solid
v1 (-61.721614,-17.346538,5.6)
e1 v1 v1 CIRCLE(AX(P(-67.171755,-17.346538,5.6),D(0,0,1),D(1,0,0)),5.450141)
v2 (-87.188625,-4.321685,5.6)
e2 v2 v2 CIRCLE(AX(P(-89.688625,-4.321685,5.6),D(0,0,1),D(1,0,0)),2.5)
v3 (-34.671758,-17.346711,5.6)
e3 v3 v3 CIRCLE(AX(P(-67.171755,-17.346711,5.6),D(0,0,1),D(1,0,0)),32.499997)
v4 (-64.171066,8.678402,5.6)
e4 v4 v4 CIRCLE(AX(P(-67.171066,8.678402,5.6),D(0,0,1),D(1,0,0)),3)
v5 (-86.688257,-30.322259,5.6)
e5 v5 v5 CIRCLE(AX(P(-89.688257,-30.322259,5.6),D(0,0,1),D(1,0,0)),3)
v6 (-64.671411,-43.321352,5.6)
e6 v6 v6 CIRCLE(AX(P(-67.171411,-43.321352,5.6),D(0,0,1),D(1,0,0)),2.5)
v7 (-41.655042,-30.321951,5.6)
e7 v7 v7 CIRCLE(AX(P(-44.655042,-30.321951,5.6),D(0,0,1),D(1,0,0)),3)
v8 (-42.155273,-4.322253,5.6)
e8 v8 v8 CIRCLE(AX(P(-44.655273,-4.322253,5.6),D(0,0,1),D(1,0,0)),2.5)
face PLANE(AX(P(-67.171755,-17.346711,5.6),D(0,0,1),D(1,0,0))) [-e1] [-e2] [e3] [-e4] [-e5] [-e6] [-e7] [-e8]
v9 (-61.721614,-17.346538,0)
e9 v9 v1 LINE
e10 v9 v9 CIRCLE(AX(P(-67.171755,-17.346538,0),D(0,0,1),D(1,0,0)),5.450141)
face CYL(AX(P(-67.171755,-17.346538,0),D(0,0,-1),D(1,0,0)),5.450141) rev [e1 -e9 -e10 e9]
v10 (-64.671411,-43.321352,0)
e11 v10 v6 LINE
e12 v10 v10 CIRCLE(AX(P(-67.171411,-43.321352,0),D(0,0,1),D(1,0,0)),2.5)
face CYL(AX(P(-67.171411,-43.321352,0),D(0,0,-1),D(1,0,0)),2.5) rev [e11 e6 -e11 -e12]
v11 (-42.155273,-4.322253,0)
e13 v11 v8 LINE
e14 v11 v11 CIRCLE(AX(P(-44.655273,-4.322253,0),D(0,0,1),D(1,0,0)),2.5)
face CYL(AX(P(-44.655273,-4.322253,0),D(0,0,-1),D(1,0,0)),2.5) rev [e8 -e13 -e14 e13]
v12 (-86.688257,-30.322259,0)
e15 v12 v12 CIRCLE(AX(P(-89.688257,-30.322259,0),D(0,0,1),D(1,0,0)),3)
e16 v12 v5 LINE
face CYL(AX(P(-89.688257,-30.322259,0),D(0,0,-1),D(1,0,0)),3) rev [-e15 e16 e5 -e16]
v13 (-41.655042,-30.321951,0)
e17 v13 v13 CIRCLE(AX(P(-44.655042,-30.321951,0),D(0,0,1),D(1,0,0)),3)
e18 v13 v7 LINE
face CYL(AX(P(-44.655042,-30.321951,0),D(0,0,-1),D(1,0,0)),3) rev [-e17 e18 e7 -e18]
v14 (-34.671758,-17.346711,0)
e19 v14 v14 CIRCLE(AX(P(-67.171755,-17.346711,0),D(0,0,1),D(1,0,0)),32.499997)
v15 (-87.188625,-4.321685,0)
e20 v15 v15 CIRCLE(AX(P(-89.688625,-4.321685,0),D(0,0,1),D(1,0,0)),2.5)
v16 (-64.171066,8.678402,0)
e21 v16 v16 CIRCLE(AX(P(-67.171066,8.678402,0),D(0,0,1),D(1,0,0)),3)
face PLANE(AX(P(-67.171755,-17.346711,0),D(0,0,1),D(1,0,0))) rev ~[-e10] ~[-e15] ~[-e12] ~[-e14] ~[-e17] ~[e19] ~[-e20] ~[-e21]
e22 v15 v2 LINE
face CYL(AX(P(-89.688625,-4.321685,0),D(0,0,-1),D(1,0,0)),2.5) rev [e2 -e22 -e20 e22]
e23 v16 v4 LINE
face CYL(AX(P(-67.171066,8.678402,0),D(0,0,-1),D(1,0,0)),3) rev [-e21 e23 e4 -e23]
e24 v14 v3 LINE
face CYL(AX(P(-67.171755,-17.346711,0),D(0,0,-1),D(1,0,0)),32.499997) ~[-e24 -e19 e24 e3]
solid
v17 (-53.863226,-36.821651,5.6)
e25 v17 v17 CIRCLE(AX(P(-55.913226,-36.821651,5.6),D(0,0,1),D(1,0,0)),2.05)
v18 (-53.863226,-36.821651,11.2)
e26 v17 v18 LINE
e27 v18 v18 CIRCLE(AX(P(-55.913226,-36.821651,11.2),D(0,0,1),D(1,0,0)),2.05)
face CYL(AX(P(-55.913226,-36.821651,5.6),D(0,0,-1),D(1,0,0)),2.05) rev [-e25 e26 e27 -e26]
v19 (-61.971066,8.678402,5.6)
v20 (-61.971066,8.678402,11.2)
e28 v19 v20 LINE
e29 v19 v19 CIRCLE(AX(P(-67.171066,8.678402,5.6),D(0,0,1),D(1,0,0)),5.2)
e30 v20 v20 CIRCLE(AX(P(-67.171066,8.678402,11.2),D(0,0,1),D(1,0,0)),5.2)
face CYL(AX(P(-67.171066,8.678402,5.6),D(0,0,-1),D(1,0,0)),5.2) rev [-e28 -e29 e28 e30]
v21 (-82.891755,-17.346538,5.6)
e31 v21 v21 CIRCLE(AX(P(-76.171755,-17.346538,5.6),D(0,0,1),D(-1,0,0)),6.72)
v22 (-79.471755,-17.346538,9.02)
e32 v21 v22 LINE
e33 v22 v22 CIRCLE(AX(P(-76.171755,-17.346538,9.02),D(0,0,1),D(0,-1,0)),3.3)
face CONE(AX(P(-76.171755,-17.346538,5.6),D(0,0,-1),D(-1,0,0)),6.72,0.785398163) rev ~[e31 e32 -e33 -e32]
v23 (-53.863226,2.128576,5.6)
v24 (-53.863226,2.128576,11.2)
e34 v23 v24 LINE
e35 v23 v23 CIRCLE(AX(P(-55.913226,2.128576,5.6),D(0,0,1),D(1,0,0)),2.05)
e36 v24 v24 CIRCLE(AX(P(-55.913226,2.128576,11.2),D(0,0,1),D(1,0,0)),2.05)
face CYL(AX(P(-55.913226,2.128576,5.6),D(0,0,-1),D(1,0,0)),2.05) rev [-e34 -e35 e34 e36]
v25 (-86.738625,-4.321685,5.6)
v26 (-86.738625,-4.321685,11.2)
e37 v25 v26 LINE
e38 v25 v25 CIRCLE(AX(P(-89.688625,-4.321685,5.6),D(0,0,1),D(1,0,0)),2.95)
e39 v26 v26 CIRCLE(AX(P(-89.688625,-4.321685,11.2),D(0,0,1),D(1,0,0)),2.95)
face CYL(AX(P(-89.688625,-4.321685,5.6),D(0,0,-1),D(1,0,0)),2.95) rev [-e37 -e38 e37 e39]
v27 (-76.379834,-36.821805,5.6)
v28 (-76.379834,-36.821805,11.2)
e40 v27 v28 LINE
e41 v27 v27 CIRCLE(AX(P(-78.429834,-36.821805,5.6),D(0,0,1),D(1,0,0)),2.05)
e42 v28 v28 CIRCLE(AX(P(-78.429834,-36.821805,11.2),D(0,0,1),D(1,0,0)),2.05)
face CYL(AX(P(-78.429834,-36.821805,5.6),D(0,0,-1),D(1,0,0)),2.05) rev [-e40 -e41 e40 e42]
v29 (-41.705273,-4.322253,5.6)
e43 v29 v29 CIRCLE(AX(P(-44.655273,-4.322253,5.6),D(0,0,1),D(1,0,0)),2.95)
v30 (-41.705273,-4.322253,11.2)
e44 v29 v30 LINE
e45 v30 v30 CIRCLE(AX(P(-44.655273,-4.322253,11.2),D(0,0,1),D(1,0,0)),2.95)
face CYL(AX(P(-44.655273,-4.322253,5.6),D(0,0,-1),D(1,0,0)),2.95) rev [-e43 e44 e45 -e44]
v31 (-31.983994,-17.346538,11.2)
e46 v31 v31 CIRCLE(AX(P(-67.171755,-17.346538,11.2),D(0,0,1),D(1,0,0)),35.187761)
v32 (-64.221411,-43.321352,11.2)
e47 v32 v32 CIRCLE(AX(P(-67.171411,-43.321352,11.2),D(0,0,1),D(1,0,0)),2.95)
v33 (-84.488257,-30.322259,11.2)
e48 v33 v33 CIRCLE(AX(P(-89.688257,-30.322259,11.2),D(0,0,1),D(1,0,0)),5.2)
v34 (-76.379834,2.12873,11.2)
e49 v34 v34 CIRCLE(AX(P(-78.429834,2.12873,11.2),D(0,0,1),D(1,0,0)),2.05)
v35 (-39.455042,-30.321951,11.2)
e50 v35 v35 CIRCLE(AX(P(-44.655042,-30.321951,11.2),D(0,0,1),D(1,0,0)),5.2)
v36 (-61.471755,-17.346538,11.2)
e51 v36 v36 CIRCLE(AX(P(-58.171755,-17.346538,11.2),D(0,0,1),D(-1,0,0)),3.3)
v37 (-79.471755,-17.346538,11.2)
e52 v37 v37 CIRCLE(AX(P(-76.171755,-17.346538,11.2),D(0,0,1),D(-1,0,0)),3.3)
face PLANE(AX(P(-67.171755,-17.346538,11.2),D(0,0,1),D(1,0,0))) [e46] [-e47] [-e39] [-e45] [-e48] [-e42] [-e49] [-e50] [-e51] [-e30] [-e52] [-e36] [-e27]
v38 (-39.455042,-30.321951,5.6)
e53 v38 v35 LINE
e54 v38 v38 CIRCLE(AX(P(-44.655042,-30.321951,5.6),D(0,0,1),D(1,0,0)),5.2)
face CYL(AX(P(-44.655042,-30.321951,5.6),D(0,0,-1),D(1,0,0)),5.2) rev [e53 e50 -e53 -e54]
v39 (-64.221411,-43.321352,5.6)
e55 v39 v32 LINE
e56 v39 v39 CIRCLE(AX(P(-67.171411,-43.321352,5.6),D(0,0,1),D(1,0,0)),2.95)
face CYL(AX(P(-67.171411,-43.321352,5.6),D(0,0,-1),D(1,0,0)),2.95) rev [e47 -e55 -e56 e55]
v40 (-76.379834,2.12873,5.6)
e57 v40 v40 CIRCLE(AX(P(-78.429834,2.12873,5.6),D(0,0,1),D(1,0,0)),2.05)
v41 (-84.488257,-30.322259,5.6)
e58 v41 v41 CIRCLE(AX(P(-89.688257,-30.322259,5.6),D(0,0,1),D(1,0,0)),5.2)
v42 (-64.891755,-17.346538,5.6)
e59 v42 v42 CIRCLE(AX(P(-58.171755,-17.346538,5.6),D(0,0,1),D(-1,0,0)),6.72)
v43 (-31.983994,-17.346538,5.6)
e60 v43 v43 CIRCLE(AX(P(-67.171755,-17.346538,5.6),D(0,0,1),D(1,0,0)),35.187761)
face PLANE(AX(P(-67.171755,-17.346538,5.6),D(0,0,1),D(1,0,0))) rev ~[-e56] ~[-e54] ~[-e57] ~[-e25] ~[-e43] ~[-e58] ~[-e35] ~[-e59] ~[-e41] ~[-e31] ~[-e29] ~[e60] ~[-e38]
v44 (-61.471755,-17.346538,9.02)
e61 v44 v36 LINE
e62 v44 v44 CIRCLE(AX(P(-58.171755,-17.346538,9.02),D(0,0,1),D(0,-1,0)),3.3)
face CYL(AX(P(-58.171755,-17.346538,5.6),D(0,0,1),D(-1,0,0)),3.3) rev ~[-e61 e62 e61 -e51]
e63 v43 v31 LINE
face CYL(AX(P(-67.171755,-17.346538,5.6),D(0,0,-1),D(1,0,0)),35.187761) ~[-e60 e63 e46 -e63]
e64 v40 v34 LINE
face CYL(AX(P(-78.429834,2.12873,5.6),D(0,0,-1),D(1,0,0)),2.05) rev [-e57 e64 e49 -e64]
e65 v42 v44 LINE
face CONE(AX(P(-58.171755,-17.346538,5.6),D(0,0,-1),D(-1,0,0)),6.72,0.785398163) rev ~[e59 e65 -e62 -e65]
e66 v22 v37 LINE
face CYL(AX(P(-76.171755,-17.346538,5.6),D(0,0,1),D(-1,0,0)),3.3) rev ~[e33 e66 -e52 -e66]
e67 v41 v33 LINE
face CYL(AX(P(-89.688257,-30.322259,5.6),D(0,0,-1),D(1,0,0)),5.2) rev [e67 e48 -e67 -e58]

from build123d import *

# Parameters (mm, degrees)
F0_R           = 32.499997
F0_R_2         = 3
F0_R_3         = 2.5
F0_R_4         = 5.450141
F1_DEPTH       = 5.6
F2_R           = 35.1877607124
F2_R_2         = 2.05
F2_R_3         = 5.2
F2_R_4         = 2.95
F3_DEPTH       = 5.6
F5_D           = 6.6
F5_CSINK_D     = 13.44
F5_CSINK_ANGLE = 90


with BuildPart() as f1:
    # F0 (on Top) → F1 (new body)
    with BuildSketch(Plane.XY):
        with Locations((-67.1717547521, -17.3467109513)):
            Circle(F0_R)
        with Locations((-89.6882567521, -30.3222589513)):
            Circle(F0_R_2, mode=Mode.SUBTRACT)
        with Locations((-67.1714107521, -43.3213519513)):
            Circle(F0_R_3, mode=Mode.SUBTRACT)
        with Locations((-44.6550417521, -30.3219509513)):
            Circle(F0_R_2, mode=Mode.SUBTRACT)
        with Locations((-89.6886247521, -4.3216849513)):
            Circle(F0_R_3, mode=Mode.SUBTRACT)
        with Locations((-67.1717547521, -17.3465379513)):
            Circle(F0_R_4, mode=Mode.SUBTRACT)
        with Locations((-44.6552727521, -4.3222529513)):
            Circle(F0_R_3, mode=Mode.SUBTRACT)
        with Locations((-67.1710657521, 8.6784020487)):
            Circle(F0_R_2, mode=Mode.SUBTRACT)
    extrude(amount=F1_DEPTH)


with BuildPart() as f3:
    # F2 (on face) → F3 (new body)
    with BuildSketch(Plane.XY.offset(5.6)):
        with Locations((-67.1717547521, -17.3465379513)):
            Circle(F2_R)
        with Locations((-78.4298337521, -36.8218054513)):
            Circle(F2_R_2, mode=Mode.SUBTRACT)
        with Locations((-89.6882567521, -30.3222589513)):
            Circle(F2_R_3, mode=Mode.SUBTRACT)
        with Locations((-67.1714107521, -43.3213519513)):
            Circle(F2_R_4, mode=Mode.SUBTRACT)
        with Locations((-55.9132262521, -36.8216514513)):
            Circle(F2_R_2, mode=Mode.SUBTRACT)
        with Locations((-44.6550417521, -30.3219509513)):
            Circle(F2_R_3, mode=Mode.SUBTRACT)
        with Locations((-89.6886247521, -4.3216849513)):
            Circle(F2_R_4, mode=Mode.SUBTRACT)
        with Locations((-78.4298337521, 2.1287295487)):
            Circle(F2_R_2, mode=Mode.SUBTRACT)
        with Locations((-44.6552727521, -4.3222529513)):
            Circle(F2_R_4, mode=Mode.SUBTRACT)
        with Locations((-67.1710657521, 8.6784020487)):
            Circle(F2_R_3, mode=Mode.SUBTRACT)
        with Locations((-55.9132262521, 2.1285755487)):
            Circle(F2_R_2, mode=Mode.SUBTRACT)
    extrude(amount=F3_DEPTH)

    # F5 (through all)
    with Locations(Plane(origin=(0, 0, 5.6), x_dir=(1, 0, 0), z_dir=(0, 0, -1))):
        with Locations((-76.1717547521, 17.3465379513), (-58.1717547521, 17.3465379513)):
            CounterSinkHole(F5_D / 2, F5_CSINK_D / 2, counter_sink_angle=F5_CSINK_ANGLE)


solid = Compound([f1.part, f3.part])
